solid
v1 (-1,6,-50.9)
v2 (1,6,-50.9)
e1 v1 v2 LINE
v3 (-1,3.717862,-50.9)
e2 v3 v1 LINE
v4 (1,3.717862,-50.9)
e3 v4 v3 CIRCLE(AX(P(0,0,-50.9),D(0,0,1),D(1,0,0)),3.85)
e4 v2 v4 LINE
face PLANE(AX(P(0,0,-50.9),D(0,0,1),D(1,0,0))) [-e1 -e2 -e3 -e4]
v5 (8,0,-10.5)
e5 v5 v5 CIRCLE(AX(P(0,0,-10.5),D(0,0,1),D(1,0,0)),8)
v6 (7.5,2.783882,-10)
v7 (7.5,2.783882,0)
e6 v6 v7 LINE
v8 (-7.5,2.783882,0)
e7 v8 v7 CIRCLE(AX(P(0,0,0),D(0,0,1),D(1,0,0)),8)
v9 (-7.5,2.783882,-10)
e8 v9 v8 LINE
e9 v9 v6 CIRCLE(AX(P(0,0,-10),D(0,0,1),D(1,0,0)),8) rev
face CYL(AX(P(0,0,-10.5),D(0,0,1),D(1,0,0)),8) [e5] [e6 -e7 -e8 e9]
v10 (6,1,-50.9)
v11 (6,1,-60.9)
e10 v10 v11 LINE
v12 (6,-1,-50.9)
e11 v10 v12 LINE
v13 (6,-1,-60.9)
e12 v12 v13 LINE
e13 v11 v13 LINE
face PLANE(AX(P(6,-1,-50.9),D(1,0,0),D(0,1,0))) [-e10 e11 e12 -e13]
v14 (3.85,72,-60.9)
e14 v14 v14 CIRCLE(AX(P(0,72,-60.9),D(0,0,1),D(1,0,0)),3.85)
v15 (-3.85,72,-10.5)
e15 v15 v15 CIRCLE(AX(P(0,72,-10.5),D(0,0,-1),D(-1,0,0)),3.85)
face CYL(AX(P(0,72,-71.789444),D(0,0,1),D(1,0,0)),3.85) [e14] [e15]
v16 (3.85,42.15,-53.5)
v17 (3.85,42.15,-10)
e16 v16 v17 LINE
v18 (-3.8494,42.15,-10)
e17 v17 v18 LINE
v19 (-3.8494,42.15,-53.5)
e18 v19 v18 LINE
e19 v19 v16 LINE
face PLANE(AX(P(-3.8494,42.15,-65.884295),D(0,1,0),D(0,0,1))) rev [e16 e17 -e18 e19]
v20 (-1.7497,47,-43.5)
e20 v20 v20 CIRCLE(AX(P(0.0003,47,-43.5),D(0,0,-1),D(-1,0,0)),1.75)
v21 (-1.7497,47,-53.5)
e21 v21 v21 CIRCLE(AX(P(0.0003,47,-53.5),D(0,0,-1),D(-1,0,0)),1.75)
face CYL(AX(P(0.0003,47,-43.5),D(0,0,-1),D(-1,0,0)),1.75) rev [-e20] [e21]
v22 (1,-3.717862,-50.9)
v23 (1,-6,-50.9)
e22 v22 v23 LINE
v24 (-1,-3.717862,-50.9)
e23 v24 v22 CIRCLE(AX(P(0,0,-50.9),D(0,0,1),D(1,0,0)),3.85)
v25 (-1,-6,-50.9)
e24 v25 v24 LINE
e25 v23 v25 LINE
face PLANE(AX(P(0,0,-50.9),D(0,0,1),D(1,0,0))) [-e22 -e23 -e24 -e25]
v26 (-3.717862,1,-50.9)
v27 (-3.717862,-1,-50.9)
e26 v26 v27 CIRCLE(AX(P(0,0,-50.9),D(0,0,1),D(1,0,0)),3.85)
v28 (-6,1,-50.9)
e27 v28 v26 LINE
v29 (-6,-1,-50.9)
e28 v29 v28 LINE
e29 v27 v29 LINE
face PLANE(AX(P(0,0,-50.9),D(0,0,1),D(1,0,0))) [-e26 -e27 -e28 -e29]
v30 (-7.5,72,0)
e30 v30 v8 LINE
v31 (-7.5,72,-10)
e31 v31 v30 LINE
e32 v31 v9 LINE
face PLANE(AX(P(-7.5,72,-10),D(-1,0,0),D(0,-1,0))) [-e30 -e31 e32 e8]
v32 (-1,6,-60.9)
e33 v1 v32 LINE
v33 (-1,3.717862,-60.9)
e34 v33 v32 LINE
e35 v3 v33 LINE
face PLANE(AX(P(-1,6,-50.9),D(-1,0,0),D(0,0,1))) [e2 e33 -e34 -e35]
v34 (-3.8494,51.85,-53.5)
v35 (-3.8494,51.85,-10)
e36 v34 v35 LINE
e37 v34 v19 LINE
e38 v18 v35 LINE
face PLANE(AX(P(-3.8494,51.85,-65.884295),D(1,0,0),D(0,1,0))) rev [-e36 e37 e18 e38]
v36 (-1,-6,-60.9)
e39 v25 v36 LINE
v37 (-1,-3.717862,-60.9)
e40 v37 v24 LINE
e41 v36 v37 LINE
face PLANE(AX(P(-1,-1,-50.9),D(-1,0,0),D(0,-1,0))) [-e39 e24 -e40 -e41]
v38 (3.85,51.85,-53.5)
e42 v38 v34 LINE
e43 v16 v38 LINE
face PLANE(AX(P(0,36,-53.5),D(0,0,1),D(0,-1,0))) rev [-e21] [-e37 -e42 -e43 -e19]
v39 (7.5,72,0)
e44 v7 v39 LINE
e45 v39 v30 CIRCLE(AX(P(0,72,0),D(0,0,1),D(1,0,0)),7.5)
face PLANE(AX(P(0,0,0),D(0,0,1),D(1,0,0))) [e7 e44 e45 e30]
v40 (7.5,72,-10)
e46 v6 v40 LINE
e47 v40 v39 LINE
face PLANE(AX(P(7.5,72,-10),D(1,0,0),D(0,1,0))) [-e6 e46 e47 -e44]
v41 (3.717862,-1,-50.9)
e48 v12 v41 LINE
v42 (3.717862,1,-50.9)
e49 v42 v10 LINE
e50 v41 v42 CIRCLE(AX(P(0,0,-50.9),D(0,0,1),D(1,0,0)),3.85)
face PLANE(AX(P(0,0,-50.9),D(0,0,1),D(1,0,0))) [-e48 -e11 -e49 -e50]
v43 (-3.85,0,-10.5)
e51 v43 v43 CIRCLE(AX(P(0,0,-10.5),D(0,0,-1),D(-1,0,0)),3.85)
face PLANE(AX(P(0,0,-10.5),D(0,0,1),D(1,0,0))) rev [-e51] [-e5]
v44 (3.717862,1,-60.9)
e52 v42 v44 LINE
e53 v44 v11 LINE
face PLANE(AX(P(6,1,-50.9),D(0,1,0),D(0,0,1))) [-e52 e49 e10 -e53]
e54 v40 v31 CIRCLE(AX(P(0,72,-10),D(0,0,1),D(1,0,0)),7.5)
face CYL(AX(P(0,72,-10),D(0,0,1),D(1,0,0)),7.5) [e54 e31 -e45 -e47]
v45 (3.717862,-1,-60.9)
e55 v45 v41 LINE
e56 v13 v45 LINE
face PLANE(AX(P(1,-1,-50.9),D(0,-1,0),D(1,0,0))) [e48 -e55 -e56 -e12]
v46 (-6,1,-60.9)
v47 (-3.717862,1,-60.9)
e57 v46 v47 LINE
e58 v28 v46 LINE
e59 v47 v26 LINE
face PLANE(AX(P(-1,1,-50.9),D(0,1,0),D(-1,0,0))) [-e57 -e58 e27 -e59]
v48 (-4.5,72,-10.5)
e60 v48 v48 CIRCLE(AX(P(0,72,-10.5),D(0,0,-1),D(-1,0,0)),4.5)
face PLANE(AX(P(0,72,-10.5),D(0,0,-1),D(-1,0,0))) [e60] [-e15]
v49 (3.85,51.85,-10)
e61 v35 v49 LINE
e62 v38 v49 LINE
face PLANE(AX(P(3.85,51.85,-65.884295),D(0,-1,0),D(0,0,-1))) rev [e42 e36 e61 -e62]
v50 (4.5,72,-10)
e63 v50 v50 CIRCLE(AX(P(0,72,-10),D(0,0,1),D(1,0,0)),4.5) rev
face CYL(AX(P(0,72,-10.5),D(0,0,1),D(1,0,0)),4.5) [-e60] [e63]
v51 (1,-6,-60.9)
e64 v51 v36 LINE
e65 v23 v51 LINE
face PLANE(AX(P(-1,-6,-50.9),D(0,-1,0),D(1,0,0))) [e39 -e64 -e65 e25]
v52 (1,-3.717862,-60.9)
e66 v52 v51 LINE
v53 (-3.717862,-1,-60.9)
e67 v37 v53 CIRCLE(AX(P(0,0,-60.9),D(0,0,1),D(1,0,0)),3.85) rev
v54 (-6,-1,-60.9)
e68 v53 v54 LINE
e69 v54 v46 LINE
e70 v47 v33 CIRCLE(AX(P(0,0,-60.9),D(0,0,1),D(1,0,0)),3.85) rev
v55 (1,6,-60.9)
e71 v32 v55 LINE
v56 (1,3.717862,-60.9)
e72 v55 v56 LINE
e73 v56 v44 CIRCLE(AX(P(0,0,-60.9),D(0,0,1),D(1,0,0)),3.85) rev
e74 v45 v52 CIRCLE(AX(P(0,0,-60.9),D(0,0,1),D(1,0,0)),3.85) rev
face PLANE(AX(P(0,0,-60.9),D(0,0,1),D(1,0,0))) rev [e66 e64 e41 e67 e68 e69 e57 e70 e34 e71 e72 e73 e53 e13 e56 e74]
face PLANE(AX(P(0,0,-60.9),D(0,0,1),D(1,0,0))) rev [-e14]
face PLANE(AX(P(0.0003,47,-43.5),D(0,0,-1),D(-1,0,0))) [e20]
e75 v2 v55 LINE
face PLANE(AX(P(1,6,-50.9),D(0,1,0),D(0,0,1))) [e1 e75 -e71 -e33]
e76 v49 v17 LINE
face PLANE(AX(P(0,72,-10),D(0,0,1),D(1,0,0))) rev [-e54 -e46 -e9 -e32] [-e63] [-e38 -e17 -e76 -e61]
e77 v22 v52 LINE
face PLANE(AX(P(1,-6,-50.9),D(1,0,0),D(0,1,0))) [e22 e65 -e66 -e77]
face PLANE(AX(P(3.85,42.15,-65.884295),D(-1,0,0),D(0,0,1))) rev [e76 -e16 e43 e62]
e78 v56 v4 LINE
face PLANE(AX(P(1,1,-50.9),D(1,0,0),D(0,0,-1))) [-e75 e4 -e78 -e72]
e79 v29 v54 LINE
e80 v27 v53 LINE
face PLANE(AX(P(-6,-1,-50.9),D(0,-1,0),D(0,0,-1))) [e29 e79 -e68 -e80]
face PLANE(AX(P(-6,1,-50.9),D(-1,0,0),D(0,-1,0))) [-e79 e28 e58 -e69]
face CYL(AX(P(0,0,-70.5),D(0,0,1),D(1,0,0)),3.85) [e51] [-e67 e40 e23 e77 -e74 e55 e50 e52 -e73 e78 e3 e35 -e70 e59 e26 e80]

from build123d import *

# Parameters (mm, degrees)
SKETCH1_R           = 8
BOSS_EXTRUDE1_DEPTH = 10.5
SKETCH2_R           = 3.85
BOSS_EXTRUDE2_DEPTH = 60
BOSS_EXTRUDE3_START = -9.6
BOSS_EXTRUDE3_DEPTH = 10
CUT_EXTRUDE1_START  = -9.6
SKETCH6_R           = 3.85
CUT_EXTRUDE1_DEPTH  = 9.6
BOSS_EXTRUDE4_DEPTH = 10
SKETCH8_R           = 4.5
BOSS_EXTRUDE5_DEPTH = 0.5
SKETCH9_R           = 3.85
BOSS_EXTRUDE6_DEPTH = 50.4
SKETCH11_W          = 7.6994
SKETCH11_H          = 9.7
BOSS_EXTRUDE7_DEPTH = 43.5
SKETCH12_R          = 1.75
CUT_EXTRUDE2_DEPTH  = 10


with BuildPart() as part:
    # Sketch1 → Boss-Extrude1 (new body)
    with BuildSketch(Plane.XY):
        Circle(SKETCH1_R)
    extrude(amount=-BOSS_EXTRUDE1_DEPTH)

    # Sketch2 → Boss-Extrude2 (add)
    with BuildSketch(Plane(origin=(0, 0, -10.5), x_dir=(-1, 0, 0), z_dir=(0, 0, -1))):
        Circle(SKETCH2_R)
    extrude(amount=BOSS_EXTRUDE2_DEPTH)

    # Sketch3 → Boss-Extrude3 (add)
    with BuildSketch(Plane(origin=(0, 0, -70.5), x_dir=(-1, 0, 0), z_dir=(0, 0, -1)).offset(BOSS_EXTRUDE3_START)):
        Polygon((-6, 1), (-1, 1), (-1, 6), (1, 6), (1, 1), (6, 1), (6, -1), (1, -1), (1, -6), (-1, -6), (-1, -1), (-6, -1), align=None)
    extrude(amount=-BOSS_EXTRUDE3_DEPTH)

    # Sketch6 → Cut-Extrude1 (cut)
    with BuildSketch(Plane(origin=(0, 0, -70.5), x_dir=(-1, 0, 0), z_dir=(0, 0, -1)).offset(CUT_EXTRUDE1_START)):
        with Locations(Location((0, 0, 0), (0, 0, 195.05465064))):
            Circle(SKETCH6_R)
    extrude(amount=CUT_EXTRUDE1_DEPTH, mode=Mode.SUBTRACT)

    # Sketch7 → Boss-Extrude4 (add)
    with BuildSketch(Plane.XY):
        with BuildLine():
            Line((-7.5, 72), (-7.5, 2.783882181))
            Line((-7.5, 2.783882181), (7.5, 2.783882181))
            Line((7.5, 2.783882181), (7.5, 72))
            ThreePointArc((7.5, 72), (0, 79.5), (-7.5, 72))
        make_face()
    extrude(amount=-BOSS_EXTRUDE4_DEPTH)

    # Sketch8 → Boss-Extrude5 (add)
    with BuildSketch(Plane(origin=(0, 0, -10), x_dir=(-1, 0, 0), z_dir=(0, 0, -1))):
        with Locations(Location((0, 72, 0), (0, 0, 180))):
            Circle(SKETCH8_R)
    extrude(amount=BOSS_EXTRUDE5_DEPTH)

    # Sketch9 → Boss-Extrude6 (add)
    with BuildSketch(Plane(origin=(0, 0, -10.5), x_dir=(-1, 0, 0), z_dir=(0, 0, -1))):
        with Locations(Location((0, 72, 0), (0, 0, 180))):
            Circle(SKETCH9_R)
    extrude(amount=BOSS_EXTRUDE6_DEPTH)

    # Sketch11 → Boss-Extrude7 (add)
    with BuildSketch(Plane(origin=(0, 0, -10), x_dir=(-1, 0, 0), z_dir=(0, 0, -1))):
        with Locations((-0.0003, 47)):
            Rectangle(SKETCH11_W, SKETCH11_H)
    extrude(amount=BOSS_EXTRUDE7_DEPTH)

    # Sketch12 → Cut-Extrude2 (cut)
    with BuildSketch(Plane(origin=(0, 0, -53.5), x_dir=(-1, 0, 0), z_dir=(0, 0, -1))):
        with Locations((-0.0003, 47)):
            Circle(SKETCH12_R)
    extrude(amount=-CUT_EXTRUDE2_DEPTH, mode=Mode.SUBTRACT)


solid = part.part
